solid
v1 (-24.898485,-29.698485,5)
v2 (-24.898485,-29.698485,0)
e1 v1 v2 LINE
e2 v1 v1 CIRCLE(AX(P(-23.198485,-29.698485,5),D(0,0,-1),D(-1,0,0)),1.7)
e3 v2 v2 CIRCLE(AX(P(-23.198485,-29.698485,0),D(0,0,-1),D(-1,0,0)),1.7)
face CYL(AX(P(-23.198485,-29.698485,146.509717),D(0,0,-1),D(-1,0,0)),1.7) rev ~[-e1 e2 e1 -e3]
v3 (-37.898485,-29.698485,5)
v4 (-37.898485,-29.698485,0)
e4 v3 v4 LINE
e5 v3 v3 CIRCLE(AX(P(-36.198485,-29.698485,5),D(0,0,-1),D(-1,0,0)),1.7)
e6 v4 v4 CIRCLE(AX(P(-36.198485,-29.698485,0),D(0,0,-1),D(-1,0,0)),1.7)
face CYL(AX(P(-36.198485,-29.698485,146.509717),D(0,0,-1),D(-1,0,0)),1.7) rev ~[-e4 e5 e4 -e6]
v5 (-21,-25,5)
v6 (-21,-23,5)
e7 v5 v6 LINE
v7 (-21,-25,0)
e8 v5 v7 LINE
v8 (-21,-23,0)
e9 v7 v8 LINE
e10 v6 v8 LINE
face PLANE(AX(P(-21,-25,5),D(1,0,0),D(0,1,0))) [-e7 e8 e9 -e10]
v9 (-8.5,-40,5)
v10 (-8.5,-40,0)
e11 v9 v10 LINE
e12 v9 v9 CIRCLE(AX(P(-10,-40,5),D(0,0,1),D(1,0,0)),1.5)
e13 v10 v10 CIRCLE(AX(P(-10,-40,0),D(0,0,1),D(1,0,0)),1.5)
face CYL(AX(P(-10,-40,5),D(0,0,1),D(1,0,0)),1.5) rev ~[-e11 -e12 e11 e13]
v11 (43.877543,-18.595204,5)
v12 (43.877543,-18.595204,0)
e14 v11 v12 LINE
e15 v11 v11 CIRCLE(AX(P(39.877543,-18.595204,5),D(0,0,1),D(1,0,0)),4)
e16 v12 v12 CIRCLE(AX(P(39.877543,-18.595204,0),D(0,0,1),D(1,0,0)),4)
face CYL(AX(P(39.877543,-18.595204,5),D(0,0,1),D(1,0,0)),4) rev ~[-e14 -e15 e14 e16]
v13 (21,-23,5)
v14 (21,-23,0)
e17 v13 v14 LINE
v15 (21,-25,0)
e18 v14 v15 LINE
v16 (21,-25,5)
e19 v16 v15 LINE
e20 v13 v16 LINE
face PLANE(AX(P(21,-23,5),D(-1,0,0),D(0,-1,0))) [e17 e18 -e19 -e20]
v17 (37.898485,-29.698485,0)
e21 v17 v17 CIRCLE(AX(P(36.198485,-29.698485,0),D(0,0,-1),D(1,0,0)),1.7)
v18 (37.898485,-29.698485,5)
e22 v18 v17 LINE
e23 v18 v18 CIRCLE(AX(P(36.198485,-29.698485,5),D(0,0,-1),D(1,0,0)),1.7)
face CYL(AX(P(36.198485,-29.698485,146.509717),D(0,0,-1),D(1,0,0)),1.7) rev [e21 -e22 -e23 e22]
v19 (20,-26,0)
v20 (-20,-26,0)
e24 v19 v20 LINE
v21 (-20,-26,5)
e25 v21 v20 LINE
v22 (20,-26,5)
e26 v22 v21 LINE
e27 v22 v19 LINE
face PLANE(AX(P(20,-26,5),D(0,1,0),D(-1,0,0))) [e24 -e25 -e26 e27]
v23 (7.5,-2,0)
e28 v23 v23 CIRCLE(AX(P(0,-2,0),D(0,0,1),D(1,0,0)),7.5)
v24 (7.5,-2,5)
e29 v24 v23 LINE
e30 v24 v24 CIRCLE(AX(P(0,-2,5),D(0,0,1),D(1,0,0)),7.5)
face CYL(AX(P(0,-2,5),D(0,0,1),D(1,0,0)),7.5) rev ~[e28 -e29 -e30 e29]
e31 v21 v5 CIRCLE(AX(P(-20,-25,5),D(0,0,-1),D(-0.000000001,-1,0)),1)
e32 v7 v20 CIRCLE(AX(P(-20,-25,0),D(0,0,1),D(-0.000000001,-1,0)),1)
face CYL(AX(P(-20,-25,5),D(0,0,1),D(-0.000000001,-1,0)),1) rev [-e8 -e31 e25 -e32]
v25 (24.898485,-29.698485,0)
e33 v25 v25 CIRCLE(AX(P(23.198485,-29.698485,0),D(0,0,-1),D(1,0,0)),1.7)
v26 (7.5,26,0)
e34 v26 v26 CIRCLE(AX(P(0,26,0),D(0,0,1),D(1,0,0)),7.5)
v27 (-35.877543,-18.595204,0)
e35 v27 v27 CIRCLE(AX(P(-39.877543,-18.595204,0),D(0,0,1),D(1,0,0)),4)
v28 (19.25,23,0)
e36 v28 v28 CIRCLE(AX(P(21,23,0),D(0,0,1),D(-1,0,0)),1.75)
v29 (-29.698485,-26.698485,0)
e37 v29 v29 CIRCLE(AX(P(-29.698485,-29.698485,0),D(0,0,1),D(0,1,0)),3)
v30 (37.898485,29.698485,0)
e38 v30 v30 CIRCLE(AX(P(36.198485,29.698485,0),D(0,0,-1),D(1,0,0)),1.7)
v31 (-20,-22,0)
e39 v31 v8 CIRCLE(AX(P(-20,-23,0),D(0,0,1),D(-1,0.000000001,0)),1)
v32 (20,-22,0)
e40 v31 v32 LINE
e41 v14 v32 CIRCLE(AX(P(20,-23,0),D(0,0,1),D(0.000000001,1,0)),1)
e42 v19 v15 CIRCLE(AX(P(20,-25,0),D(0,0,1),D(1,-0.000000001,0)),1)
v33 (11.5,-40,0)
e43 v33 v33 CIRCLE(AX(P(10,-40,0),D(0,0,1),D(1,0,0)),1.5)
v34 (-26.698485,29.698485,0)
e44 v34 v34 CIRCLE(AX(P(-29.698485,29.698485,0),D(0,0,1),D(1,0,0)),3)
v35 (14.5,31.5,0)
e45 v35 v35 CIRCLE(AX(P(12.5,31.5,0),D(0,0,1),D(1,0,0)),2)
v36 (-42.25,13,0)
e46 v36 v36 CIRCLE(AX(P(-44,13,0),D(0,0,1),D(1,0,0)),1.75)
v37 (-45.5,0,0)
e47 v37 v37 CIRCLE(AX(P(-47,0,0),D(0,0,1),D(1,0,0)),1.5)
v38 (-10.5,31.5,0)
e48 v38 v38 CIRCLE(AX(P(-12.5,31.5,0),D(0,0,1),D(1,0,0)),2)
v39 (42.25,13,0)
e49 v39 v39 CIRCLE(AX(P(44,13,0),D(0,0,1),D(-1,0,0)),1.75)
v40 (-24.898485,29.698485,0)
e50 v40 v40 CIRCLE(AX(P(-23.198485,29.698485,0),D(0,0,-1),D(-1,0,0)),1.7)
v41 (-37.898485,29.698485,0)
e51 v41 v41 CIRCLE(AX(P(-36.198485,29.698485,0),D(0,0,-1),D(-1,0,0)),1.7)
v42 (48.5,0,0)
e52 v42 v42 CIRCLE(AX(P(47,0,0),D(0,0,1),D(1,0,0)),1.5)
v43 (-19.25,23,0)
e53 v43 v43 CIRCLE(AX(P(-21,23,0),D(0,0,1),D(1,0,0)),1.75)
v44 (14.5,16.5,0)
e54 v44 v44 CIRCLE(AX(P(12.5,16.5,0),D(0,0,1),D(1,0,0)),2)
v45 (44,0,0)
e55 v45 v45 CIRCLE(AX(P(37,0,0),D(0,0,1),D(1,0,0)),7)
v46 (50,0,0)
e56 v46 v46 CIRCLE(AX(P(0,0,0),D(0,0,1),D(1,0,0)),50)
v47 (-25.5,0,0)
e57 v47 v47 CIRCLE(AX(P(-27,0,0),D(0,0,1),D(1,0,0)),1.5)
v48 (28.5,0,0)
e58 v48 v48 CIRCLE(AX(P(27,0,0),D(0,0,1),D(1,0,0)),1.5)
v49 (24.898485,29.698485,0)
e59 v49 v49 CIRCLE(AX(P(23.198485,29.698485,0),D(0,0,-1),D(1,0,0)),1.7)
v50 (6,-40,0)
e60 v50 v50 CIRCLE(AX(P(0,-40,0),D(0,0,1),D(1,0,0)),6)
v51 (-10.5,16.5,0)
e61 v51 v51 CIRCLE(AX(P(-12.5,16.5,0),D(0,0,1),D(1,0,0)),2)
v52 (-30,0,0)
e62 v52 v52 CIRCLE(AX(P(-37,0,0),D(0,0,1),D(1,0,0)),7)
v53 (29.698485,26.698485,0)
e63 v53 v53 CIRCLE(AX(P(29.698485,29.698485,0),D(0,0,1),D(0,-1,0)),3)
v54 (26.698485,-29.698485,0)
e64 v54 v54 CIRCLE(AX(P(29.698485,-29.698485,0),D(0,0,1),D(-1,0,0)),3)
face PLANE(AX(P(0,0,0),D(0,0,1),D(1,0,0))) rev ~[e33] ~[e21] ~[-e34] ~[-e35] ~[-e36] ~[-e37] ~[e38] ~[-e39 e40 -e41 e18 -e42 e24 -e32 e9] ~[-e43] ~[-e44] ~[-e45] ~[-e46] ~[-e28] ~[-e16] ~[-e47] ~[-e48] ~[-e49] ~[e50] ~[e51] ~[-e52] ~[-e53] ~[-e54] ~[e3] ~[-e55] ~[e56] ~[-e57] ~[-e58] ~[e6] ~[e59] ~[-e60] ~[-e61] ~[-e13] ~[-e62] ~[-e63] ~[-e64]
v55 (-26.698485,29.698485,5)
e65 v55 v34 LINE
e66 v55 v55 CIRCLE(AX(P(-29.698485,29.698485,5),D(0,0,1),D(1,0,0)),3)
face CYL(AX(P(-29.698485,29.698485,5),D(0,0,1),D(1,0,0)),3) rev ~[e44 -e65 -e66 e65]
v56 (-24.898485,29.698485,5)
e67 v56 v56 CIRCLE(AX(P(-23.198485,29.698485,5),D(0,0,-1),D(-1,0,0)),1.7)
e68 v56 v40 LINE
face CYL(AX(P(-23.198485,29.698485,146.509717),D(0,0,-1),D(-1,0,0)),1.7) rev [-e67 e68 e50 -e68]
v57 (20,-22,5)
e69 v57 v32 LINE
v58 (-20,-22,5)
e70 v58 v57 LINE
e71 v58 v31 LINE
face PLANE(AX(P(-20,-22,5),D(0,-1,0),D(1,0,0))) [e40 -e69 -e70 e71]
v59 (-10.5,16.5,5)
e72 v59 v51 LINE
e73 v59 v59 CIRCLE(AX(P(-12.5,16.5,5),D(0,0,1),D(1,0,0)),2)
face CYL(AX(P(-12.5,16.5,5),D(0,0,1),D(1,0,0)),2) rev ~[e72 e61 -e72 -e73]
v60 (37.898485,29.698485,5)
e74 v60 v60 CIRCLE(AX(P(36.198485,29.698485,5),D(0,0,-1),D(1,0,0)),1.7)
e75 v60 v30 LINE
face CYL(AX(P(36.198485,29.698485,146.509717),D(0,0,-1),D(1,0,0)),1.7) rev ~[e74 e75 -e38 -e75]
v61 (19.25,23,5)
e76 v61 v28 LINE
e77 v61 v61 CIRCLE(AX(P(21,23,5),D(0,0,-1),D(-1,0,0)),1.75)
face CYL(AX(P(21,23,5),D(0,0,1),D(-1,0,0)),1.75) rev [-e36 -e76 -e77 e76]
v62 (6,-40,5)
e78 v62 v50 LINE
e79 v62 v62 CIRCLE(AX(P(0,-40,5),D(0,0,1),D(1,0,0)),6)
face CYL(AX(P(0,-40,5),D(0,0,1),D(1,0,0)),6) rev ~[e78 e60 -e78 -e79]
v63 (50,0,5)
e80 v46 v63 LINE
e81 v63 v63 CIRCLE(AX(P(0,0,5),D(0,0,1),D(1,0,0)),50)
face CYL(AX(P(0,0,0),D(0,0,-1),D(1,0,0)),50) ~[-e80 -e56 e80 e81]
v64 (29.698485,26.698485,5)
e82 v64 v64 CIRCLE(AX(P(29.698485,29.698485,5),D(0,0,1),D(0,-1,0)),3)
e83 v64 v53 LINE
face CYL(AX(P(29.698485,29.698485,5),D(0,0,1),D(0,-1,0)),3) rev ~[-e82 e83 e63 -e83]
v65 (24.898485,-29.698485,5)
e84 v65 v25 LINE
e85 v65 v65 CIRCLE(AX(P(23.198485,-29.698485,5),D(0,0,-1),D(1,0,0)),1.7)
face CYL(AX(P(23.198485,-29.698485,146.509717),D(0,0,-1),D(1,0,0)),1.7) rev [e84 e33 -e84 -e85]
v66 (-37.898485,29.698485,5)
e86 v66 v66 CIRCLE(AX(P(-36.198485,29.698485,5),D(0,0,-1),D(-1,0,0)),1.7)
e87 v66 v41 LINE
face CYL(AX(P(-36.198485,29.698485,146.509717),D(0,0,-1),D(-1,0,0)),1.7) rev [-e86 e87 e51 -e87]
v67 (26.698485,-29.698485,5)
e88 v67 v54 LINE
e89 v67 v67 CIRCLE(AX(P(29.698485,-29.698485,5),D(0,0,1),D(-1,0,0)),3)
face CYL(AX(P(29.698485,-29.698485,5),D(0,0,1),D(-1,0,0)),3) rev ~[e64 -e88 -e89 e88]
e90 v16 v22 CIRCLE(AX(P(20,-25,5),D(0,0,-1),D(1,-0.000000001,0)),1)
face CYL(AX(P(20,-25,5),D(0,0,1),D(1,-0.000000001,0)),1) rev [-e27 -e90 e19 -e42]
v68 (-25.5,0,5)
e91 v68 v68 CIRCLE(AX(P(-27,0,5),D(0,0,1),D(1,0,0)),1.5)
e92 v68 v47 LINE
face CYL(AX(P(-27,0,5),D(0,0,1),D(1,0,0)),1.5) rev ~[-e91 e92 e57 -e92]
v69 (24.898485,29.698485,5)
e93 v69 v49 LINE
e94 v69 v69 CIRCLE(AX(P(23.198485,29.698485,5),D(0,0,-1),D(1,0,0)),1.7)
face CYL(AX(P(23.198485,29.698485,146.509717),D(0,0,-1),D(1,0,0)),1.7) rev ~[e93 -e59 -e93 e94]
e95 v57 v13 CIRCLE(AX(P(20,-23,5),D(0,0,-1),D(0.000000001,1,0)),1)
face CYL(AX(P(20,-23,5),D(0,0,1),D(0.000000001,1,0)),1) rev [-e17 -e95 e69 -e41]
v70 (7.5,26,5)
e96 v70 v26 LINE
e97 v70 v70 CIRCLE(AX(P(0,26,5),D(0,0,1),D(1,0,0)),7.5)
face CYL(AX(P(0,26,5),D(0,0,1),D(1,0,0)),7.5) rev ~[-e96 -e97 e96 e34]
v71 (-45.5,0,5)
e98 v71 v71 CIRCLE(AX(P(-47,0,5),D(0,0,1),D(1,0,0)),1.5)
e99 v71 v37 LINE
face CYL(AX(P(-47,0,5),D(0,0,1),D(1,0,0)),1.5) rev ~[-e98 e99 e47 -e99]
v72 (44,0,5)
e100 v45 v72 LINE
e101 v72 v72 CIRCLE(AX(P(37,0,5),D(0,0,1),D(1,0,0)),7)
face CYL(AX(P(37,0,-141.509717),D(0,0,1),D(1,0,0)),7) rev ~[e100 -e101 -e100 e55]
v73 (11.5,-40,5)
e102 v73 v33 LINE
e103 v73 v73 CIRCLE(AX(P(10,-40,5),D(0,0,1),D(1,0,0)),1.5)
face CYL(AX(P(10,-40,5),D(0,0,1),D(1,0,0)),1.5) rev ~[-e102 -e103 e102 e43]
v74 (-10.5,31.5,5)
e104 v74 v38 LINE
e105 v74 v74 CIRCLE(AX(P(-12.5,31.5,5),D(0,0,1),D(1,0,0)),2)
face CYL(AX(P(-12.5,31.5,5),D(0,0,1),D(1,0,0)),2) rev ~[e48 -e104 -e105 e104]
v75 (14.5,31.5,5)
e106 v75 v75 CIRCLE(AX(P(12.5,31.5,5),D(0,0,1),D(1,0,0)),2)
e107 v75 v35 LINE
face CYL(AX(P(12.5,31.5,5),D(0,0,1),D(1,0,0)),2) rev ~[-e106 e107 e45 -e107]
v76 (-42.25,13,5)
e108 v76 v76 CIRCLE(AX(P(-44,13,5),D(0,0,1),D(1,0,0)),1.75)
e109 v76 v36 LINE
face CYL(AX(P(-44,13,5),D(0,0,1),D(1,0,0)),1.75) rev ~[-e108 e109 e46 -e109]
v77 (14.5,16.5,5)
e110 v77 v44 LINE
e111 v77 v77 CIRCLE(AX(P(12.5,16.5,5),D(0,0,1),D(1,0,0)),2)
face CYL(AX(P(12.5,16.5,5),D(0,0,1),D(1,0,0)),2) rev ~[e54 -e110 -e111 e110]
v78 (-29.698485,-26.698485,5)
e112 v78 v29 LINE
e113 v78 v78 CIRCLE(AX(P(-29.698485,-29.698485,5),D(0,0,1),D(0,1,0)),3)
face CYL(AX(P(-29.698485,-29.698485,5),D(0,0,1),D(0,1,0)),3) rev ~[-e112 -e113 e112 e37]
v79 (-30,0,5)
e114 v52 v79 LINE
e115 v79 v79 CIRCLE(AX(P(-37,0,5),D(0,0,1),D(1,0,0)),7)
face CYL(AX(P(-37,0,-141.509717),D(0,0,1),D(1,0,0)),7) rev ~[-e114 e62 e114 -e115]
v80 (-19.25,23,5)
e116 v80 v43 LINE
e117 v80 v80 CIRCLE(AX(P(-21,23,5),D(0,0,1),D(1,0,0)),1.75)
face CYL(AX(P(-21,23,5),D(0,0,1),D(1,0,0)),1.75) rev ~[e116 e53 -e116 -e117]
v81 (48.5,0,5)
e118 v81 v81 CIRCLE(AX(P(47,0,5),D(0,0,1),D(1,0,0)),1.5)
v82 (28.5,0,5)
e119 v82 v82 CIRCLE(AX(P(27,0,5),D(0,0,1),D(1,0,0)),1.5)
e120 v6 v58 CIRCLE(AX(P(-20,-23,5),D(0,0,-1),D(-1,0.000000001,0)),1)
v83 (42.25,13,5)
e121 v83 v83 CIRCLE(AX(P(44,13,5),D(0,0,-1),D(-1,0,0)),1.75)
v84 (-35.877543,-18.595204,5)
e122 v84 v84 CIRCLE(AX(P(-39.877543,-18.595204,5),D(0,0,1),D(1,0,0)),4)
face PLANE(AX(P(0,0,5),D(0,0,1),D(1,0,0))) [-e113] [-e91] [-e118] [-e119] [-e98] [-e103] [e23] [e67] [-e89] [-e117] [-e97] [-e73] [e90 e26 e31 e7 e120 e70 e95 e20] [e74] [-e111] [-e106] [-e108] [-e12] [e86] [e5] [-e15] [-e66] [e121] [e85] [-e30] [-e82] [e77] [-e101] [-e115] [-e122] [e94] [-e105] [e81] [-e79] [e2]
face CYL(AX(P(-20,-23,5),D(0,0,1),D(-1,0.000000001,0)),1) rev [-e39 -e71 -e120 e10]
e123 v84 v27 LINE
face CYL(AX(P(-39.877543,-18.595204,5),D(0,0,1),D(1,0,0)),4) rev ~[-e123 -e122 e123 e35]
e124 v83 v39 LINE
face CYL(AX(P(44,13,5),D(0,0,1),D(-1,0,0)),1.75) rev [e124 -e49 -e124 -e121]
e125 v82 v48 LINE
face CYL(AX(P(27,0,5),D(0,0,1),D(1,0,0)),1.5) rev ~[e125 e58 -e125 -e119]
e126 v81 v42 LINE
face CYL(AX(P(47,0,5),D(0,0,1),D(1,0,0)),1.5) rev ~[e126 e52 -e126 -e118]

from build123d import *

# Parameters (mm, degrees)
SKETCH1_R                  = 50
BOSS_EXTRUDE1_DEPTH        = 5
F_14_0_14_DIAMETER_HOLE1_D = 14
SKETCH9_R                  = 7.5
CUT_EXTRUDE1_DEPTH         = 10
SKETCH10_R                 = 2
CUT_EXTRUDE2_DEPTH         = 10
SKETCH11_R                 = 7.5
CUT_EXTRUDE3_DEPTH         = 10
SKETCH12_R                 = 3
CUT_EXTRUDE4_DEPTH         = 10
CIRPATTERN1_COUNT          = 4
SKETCH13_R                 = 1.5
SKETCH13_R_2               = 6
CUT_EXTRUDE5_DEPTH         = 10
SKETCH14_R                 = 1.75
CUT_EXTRUDE6_DEPTH         = 10
SKETCH15_R                 = 4
CUT_EXTRUDE7_DEPTH         = 10
CUT_EXTRUDE8_DEPTH         = 10
M3_CLEARANCE_HOLE1_D       = 3.4
MIRROR3_COPY_1_D           = 3.4


with BuildPart() as part:
    # Sketch1 → Boss-Extrude1 (new body)
    with BuildSketch(Plane.XY):
        Circle(SKETCH1_R)
    extrude(amount=BOSS_EXTRUDE1_DEPTH)

    # Ø14.0 (14) Diameter Hole1 (through all)
    with Locations(Plane(origin=(0, 0, 0), x_dir=(-1, 0, 0), z_dir=(0, 0, -1))):
        with Locations((37, 0), (-37, 0)):
            Hole(F_14_0_14_DIAMETER_HOLE1_D / 2)

    # Sketch9 → Cut-Extrude1 (cut)
    with BuildSketch(Plane.XY.offset(5)):
        with Locations((0, 26)):
            Circle(SKETCH9_R)
    extrude(amount=-CUT_EXTRUDE1_DEPTH, mode=Mode.SUBTRACT)

    # Sketch10 → Cut-Extrude2 (cut)
    with BuildSketch(Plane.XY.offset(5)):
        with Locations((-12.5, 31.5)):
            Circle(SKETCH10_R)
        with Locations((-12.5, 16.5)):
            Circle(SKETCH10_R)
        with Locations((12.5, 31.5)):
            Circle(SKETCH10_R)
        with Locations((12.5, 16.5)):
            Circle(SKETCH10_R)
    extrude(amount=-CUT_EXTRUDE2_DEPTH, mode=Mode.SUBTRACT)

    # Sketch11 → Cut-Extrude3 (cut)
    with BuildSketch(Plane.XY.offset(5)):
        with Locations((0, -2)):
            Circle(SKETCH11_R)
    extrude(amount=-CUT_EXTRUDE3_DEPTH, mode=Mode.SUBTRACT)

    # Sketch12 → Cut-Extrude4 (cut)
    with BuildSketch(Plane.XY.offset(5)):
        with Locations((-29.69848481, 29.69848481)):
            Circle(SKETCH12_R)
    cut_extrude4 = extrude(amount=-CUT_EXTRUDE4_DEPTH, mode=Mode.SUBTRACT)

    # CirPattern1: Cut-Extrude4 ×4 about axis
    cirpattern1_axis = Axis((0, 0, 0), (0, 0, 1))
    for i in range(1, CIRPATTERN1_COUNT):
        add(cut_extrude4.rotate(cirpattern1_axis, i * 360 / CIRPATTERN1_COUNT), mode=Mode.SUBTRACT)

    # Sketch13 → Cut-Extrude5 (cut)
    with BuildSketch(Plane.XY.offset(5)):
        with Locations((-47, 0)):
            Circle(SKETCH13_R)
        with Locations((-27, 0)):
            Circle(SKETCH13_R)
        with Locations((27, 0)):
            Circle(SKETCH13_R)
        with Locations((47, 0)):
            Circle(SKETCH13_R)
        with Locations((10, -40)):
            Circle(SKETCH13_R)
        with Locations((-10, -40)):
            Circle(SKETCH13_R)
        with Locations((0, -40)):
            Circle(SKETCH13_R_2)
    extrude(amount=-CUT_EXTRUDE5_DEPTH, mode=Mode.SUBTRACT)

    # Sketch14 → Cut-Extrude6 (cut)
    with BuildSketch(Plane.XY.offset(5)):
        with Locations((-21, 23)):
            Circle(SKETCH14_R)
        with Locations((-44, 13)):
            Circle(SKETCH14_R)
    cut_extrude6 = extrude(amount=-CUT_EXTRUDE6_DEPTH, mode=Mode.SUBTRACT)

    # Mirror1: Cut-Extrude6 across plane
    add(cut_extrude6.mirror(Plane(origin=(0, 0, 0), x_dir=(0, 0, 1), z_dir=(1, 0, 0))), mode=Mode.SUBTRACT)

    # Sketch15 → Cut-Extrude7 (cut)
    with BuildSketch(Plane.XY.offset(5)):
        with Locations((-39.87754263, -18.595203517)):
            Circle(SKETCH15_R)
        with Locations((39.87754263, -18.595203517)):
            Circle(SKETCH15_R)
    extrude(amount=-CUT_EXTRUDE7_DEPTH, mode=Mode.SUBTRACT)

    # Sketch16 → Cut-Extrude8 (cut)
    with BuildSketch(Plane.XY.offset(5)):
        with BuildLine():
            Line((-20, -22), (20, -22))
            ThreePointArc((20, -22), (20.707106781, -22.292893219), (21, -23))
            Line((21, -23), (21, -25))
            ThreePointArc((21, -25), (20.707106781, -25.707106781), (20, -26))
            Line((20, -26), (-20, -26))
            ThreePointArc((-20, -26), (-20.707106781, -25.707106781), (-21, -25))
            Line((-21, -25), (-21, -23))
            ThreePointArc((-21, -23), (-20.707106781, -22.292893219), (-20, -22))
        make_face()
    extrude(amount=-CUT_EXTRUDE8_DEPTH, mode=Mode.SUBTRACT)

    # M3 Clearance Hole1 (through all)
    with Locations(Plane.XY.offset(5)):
        with Locations((-36.19848481, -29.69848481), (-23.19848481, -29.69848481)):
            m3_clearance_hole1 = Hole(M3_CLEARANCE_HOLE1_D / 2)

    # Mirror2: M3 Clearance Hole1 across plane
    add(m3_clearance_hole1.mirror(Plane.ZX), mode=Mode.SUBTRACT)

    # Mirror3: M3 Clearance Hole1 across plane
    add(m3_clearance_hole1.mirror(Plane(origin=(0, 0, 0), x_dir=(0, 0, 1), z_dir=(1, 0, 0))), mode=Mode.SUBTRACT)

    # Mirror3 copy 1 (through all)
    with Locations(Plane(origin=(0, 0, 5), x_dir=(-1, 0, 0), z_dir=(0, 0, 1))):
        with Locations((-36.19848481, -29.69848481), (-23.19848481, -29.69848481)):
            Hole(MIRROR3_COPY_1_D / 2)


solid = part.part
